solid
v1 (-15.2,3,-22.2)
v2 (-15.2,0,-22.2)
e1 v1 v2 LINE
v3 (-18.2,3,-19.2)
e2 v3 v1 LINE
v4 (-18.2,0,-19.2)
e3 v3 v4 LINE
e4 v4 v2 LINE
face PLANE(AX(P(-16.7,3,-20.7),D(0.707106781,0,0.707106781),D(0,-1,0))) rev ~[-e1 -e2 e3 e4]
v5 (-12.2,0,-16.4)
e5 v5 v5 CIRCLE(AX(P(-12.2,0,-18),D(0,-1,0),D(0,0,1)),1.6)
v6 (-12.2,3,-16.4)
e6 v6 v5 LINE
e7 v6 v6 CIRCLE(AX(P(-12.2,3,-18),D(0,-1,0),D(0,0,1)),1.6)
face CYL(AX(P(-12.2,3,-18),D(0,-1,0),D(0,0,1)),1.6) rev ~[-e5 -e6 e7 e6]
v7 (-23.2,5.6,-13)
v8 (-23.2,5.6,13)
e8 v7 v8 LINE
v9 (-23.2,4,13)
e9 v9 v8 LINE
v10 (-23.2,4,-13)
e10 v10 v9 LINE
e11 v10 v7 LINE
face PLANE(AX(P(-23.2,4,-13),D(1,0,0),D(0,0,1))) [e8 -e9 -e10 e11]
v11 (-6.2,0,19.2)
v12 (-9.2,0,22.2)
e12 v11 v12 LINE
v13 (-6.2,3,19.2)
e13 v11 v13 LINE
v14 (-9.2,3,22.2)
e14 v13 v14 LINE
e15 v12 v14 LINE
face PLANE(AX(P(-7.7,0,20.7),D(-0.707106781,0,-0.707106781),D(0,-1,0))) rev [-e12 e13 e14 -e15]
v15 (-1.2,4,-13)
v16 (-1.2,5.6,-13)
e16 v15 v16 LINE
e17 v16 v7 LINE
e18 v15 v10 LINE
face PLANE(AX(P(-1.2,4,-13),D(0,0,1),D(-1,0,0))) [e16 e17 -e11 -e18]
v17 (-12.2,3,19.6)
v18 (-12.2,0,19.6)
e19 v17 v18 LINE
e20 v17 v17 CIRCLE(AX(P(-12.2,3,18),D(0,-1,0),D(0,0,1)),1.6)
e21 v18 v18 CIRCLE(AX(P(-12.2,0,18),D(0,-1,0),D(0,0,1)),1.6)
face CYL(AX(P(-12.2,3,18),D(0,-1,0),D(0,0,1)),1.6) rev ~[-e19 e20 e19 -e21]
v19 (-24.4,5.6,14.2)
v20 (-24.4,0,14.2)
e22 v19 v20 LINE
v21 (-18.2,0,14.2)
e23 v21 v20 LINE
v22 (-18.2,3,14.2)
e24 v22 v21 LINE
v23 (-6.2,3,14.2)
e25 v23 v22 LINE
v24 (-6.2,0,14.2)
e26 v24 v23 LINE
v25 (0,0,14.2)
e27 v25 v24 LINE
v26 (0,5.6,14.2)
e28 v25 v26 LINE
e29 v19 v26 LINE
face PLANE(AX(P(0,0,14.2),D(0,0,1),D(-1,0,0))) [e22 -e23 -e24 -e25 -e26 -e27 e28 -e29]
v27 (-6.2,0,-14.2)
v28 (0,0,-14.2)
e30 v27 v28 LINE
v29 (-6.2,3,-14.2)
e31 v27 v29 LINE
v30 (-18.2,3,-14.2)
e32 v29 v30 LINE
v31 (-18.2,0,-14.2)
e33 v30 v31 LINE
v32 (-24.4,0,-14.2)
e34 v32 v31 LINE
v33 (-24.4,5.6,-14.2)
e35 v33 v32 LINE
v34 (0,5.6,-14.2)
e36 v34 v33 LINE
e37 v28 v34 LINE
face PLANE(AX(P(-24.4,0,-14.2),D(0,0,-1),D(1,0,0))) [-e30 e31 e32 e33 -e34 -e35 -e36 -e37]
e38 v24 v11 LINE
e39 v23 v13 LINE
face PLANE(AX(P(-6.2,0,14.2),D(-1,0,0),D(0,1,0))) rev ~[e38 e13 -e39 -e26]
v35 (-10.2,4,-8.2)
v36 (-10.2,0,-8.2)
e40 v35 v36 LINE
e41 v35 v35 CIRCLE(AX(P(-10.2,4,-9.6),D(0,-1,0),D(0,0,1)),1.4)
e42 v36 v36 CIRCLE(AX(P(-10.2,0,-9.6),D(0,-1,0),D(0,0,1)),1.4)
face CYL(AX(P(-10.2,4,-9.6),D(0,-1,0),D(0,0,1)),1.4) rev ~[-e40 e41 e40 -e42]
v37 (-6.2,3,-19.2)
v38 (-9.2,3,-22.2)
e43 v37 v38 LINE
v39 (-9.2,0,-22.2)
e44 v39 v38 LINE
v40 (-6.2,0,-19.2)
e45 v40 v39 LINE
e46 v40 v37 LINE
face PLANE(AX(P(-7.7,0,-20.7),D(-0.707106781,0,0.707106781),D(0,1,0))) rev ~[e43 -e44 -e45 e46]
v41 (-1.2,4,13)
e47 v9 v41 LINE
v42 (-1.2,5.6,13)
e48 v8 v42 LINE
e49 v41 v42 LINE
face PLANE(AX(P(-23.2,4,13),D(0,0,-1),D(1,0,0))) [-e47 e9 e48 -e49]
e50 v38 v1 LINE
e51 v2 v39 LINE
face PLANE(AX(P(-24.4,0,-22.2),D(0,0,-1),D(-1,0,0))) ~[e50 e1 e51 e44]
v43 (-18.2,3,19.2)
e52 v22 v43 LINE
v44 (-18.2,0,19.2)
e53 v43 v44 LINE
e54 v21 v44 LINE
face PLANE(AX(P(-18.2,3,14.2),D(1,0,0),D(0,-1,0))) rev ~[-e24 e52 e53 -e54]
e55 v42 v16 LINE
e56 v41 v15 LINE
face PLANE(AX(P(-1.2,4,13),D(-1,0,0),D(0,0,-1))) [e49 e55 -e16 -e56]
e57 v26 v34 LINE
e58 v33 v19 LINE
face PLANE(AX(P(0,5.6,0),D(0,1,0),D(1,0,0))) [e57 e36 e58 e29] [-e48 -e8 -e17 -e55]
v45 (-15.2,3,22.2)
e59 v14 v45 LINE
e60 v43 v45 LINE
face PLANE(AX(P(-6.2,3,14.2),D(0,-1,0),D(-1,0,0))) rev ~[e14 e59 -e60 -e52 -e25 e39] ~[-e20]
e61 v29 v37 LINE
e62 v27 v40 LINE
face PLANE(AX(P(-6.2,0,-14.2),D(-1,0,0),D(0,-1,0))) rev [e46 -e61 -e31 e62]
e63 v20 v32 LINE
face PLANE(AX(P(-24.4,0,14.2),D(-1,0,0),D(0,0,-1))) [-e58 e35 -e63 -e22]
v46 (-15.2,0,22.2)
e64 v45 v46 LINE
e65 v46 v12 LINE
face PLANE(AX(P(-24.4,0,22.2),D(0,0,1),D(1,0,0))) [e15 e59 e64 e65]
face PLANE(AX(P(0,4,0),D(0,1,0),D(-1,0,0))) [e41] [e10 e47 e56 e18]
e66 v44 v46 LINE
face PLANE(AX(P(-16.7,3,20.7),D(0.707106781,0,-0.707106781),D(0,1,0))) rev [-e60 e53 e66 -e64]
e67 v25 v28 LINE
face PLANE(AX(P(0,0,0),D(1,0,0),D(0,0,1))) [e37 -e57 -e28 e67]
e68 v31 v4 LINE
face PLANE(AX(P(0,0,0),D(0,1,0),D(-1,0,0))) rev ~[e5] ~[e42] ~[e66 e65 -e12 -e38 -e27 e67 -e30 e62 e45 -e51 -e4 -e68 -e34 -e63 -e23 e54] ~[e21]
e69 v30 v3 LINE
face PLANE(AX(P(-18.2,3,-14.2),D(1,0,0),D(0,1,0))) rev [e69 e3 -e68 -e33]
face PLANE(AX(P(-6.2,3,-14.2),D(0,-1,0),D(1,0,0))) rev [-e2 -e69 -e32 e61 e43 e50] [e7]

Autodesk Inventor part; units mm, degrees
ref_plane "YZ Plane" through (0, 0, 0) normal (1, 0, 0) x (0, 1, 0)
ref_plane "XZ Plane" through (0, 0, 0) normal (0, 1, 0) x (-1, 0, 0)
ref_plane "XY Plane" through (0, 0, 0) normal (0, 0, 1) x (1, 0, 0)
sketch "Эскиз1" plane through (0, 0, 0) normal (0, 1, 0) x (-1, 0, 0)
  line L0 (0, 14.2) -> (24.4, 14.2)
  line L1 (24.4, 14.2) -> (24.4, -14.2)
  line L2 (24.4, -14.2) -> (0, -14.2)
  line L3 (0, -14.2) -> (0, 0)
  line L4 (0, 0) -> (0, 14.2)
  point P0 (24.4, 0)
  dimension "d0" = 24.4
  dimension "d1" = 28.4
extrude "Выдавливание1" add sketch "Эскиз1" along normal blind 4
sketch "Эскиз2" plane through (0, 4, 0) normal (0, 1, 0) x (1, 0, 0)
  line L0 (-23.2, -13) -> (-1.2, -13)
  line L1 (-1.2, -13) -> (-1.2, 13)
  line L2 (-1.2, 13) -> (-23.2, 13)
  line L3 (-23.2, 13) -> (-23.2, -13)
  line L4 (0, 14.2) -> (-24.4, 14.2) projected
  line L5 (-24.4, 14.2) -> (-24.4, -14.2) projected
  line L6 (-24.4, -14.2) -> (0, -14.2) projected
  line L7 (0, -14.2) -> (0, 14.2) projected
  line L8 (0, 14.2) -> (-24.4, 14.2) projected
  line L9 (-24.4, 14.2) -> (-24.4, -14.2) projected
  point P0 (0, 0)
  point P1 (-12.2, 13)
  point P2 (-12.2, 14.2)
  point P3 (-23.2, 0)
  point P4 (-24.4, 0)
  dimension "d4" = 26
  dimension "d5" = 22
extrude "Выдавливание2" add sketch "Эскиз2" along normal blind 1.6
sketch "Эскиз4" plane through (-24.4, 0, 14.2) normal (0, 0, 1) x (1, 0, 0)
  line L0 (6.2, 0) -> (18.2, 0)
  line L1 (18.2, 0) -> (18.2, 3)
  line L2 (18.2, 3) -> (6.2, 3)
  line L3 (6.2, 3) -> (6.2, 0)
  line L4 (0, 0) -> (24.4, 0) projected
  point P0 (12.2, 0)
  dimension "d8" = 3
  dimension "d9" = 12
extrude "Выдавливание3" add sketch "Эскиз4" along normal blind 8
chamfer "Фаска1" distance 3 angle 45 2 edges at (-6.2, 1.5, 22.2) (-18.2, 1.5, 22.2)
mirror "Зеркальное отражение1" about plane through (0, 0, 0) normal (0, 0, 1) of "Выдавливание3", "Фаска1"
sketch "Эскиз6" plane through (-18.2, 3, 14.2) normal (0, 1, 0) x (1, 0, 0)
  line L0 (9, 36.4) -> (3, 36.4) projected
  line L1 (-5, 27.2) -> (-5, 1.2) projected
  line L2 (-5, 14.2) -> (17, 14.2)
  line L3 (17, 1.2) -> (17, 27.2) projected
  point P0 (18.2, 14.2)
  point P1 (6, -3.8)
  point P2 (6, 32.2)
  point P3 (6, 36.4)
  dimension "d23" = 36
hole "Отверстие1" at (-12.2, 3, 18) at (-12.2, 3, -18) direction (0, -1, 0) diameter 3.2 end through all
sketch "Эскиз7" plane through (0, 4, 0) normal (0, 1, 0) x (1, 0, 0)
  line L0 (-23.2, 13) -> (-1.2, 13) projected
  line L1 (-23.2, -13) -> (-23.2, 13) projected
  line L2 (-1.2, 13) -> (-1.2, -13) projected
  point P0 (0, 0)
  point P1 (-10.2, 9.6)
  dimension "d31" = 3.4
  dimension "d33" = 9
hole "Отверстие2" at (-10.2, 4, -9.6) direction (0, -1, 0) diameter 2.8 end through all
properties part number "driver"
